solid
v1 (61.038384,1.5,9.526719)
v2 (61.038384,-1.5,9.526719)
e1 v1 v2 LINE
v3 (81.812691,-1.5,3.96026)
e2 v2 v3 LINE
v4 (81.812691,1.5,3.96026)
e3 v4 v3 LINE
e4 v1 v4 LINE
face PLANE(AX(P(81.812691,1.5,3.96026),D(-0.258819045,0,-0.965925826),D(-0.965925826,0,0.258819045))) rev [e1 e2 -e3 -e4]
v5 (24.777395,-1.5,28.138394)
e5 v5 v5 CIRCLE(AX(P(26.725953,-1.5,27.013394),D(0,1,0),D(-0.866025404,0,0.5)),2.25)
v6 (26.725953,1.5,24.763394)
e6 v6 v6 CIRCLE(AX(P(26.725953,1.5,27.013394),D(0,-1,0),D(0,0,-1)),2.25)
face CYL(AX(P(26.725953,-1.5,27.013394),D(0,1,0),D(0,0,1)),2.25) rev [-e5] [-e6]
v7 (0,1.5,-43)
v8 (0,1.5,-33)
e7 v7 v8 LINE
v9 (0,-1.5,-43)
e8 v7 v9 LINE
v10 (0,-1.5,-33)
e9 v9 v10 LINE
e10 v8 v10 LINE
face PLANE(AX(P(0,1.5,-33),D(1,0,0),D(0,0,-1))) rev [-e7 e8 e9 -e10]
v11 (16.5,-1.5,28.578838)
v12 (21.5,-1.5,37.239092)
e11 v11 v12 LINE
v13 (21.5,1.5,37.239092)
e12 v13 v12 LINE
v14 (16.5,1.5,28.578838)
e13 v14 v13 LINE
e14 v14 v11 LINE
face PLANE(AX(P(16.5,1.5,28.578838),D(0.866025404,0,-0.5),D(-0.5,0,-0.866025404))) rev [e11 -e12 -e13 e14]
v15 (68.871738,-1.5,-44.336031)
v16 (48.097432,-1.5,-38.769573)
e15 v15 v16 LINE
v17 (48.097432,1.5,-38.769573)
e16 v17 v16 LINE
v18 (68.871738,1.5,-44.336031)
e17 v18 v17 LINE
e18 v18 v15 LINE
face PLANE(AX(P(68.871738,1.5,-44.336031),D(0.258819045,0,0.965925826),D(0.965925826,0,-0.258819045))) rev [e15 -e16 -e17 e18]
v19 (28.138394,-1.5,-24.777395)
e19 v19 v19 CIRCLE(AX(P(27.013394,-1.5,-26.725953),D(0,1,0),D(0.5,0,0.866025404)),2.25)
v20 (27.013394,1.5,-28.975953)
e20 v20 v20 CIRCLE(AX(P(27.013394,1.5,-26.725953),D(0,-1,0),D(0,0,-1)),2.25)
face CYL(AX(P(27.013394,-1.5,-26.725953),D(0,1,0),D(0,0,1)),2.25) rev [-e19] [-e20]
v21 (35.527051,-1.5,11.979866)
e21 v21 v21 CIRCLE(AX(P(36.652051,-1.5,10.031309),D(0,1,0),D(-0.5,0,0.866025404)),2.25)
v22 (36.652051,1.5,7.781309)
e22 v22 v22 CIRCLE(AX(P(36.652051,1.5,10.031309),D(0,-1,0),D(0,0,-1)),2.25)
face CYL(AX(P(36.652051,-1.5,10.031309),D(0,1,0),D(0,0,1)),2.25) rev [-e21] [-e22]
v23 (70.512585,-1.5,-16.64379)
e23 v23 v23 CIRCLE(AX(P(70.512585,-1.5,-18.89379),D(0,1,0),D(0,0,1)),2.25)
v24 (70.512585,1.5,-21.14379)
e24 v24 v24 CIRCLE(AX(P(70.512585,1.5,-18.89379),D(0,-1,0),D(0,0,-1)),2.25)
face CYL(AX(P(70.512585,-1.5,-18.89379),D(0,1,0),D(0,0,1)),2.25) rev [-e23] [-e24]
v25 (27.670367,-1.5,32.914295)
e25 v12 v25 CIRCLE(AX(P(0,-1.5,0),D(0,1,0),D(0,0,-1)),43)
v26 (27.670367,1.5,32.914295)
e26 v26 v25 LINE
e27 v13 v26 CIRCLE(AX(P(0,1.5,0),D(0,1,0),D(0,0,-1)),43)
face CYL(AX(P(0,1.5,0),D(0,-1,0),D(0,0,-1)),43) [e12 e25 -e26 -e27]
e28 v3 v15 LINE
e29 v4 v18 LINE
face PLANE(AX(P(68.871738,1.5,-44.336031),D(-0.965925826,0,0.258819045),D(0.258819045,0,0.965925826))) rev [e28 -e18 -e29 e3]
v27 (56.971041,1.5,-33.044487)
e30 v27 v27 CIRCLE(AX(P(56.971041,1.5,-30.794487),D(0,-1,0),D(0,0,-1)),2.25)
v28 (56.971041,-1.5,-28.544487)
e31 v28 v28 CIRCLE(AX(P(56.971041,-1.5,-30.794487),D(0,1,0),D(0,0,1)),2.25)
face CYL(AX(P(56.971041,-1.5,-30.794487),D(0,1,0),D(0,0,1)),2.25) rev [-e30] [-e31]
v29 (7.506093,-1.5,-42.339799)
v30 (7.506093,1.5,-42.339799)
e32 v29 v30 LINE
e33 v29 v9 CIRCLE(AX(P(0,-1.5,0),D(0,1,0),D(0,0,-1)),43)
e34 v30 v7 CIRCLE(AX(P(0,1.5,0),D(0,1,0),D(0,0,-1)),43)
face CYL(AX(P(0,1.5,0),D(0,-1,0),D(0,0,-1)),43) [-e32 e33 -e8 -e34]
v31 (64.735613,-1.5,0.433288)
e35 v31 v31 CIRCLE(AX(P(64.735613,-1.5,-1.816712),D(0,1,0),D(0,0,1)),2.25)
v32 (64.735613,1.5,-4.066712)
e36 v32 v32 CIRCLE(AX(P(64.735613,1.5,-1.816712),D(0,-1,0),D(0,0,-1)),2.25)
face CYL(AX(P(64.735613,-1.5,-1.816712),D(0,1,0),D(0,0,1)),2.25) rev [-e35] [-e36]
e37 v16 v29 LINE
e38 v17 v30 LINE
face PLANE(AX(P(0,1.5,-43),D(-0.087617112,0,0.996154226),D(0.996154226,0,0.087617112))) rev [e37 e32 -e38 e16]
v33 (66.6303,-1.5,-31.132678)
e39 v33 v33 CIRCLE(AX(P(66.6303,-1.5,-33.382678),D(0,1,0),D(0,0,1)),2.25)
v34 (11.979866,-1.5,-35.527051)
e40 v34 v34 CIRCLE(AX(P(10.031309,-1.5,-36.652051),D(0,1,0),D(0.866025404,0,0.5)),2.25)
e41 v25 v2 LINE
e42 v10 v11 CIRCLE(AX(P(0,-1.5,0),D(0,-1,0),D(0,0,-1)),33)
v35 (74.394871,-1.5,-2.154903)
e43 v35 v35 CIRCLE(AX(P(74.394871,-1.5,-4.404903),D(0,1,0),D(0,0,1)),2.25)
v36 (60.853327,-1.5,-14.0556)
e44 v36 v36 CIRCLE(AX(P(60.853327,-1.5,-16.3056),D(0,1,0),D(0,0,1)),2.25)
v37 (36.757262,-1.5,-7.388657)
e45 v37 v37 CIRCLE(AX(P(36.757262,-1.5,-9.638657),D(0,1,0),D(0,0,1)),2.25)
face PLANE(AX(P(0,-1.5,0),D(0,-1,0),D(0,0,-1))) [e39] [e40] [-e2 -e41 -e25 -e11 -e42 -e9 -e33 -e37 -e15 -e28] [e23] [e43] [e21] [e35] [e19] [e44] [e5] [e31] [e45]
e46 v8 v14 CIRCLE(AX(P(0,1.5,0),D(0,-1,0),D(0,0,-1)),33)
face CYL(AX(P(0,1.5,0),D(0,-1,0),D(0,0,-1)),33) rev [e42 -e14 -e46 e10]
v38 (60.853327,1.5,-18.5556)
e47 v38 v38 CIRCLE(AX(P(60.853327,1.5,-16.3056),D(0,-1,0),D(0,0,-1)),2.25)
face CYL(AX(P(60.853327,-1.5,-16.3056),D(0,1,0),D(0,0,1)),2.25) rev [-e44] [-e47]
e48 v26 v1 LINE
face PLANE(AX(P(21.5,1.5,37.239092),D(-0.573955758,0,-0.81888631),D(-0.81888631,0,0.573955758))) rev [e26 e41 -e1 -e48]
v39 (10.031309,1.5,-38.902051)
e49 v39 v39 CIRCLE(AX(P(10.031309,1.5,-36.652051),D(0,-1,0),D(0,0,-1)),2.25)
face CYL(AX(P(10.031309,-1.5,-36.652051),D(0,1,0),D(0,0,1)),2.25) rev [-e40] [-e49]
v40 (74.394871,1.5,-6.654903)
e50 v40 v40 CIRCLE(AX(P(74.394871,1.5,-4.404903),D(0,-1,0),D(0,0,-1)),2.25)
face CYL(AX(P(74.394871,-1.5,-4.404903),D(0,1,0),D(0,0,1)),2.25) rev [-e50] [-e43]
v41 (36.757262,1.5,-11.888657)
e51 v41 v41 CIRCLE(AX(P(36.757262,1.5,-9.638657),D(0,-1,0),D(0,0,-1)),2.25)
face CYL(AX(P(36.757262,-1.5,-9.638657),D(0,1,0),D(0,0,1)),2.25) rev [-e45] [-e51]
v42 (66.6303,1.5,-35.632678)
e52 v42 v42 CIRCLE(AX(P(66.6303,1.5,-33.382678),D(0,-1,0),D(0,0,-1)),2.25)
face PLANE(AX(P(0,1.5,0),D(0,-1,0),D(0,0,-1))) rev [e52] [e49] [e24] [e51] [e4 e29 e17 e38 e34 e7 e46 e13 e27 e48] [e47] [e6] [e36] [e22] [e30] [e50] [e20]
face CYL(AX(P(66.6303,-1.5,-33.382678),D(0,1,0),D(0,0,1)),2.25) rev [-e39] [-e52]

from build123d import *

# Parameters (mm, degrees)
BOSS_EXTRUDE1_DEPTH             = 1.5
BOSS_EXTRUDE2_DEPTH             = 1.5
BOSS_EXTRUDE3_DEPTH             = 1.5
CUT_EXTRUDE1_START              = -4
SKETCH2_R                       = 2.25
CUT_EXTRUDE1_DEPTH              = 5
CIRPATTERN1_COUNT               = 3
CIRPATTERN1_ANGLE               = 60
CIRPATTERN1_THE_OTHER_WAY_COUNT = 3
CIRPATTERN1_THE_OTHER_WAY_ANGLE = 60
CUT_EXTRUDE2_START              = -4
SKETCH6_R                       = 2.25
CUT_EXTRUDE2_DEPTH              = 5
LPATTERN1_COUNT                 = 2
LPATTERN1_PITCH                 = 15
LPATTERN1_COUNT_DIR2            = 2
LPATTERN1_PITCH_DIR2            = 10
LPATTERN2_COUNT                 = 2
LPATTERN2_PITCH                 = 15
LPATTERN2_COUNT_DIR2            = 2
LPATTERN2_PITCH_DIR2            = 10


with BuildPart() as part:
    # Sketch1 → Boss-Extrude1 (new body, symmetric)
    with BuildSketch(Plane(origin=(0, 0, 0), x_dir=(1, 0, 0), z_dir=(0, 1, 0))):
        with BuildLine():
            Line((0, 33), (0, 43))
            ThreePointArc((0, 43), (41.53481053, 11.129218939), (21.5, -37.239092363))
            Line((21.5, -37.239092363), (16.5, -28.578838325))
            ThreePointArc((16.5, -28.578838325), (31.875552268, 8.541028488), (0, 33))
        make_face()
    extrude(amount=BOSS_EXTRUDE1_DEPTH, both=True)

    # Sketch4 → Boss-Extrude2 (add, symmetric)
    with BuildSketch(Plane(origin=(0, 0, 0), x_dir=(1, 0, 0), z_dir=(0, 1, 0))):
        Polygon((68.871738323, 44.336031175), (25.40507614, 32.689174146), (38.346028395, -15.607117169), (81.812690578, -3.960260139), align=None)
    extrude(amount=BOSS_EXTRUDE2_DEPTH, both=True)

    # Sketch5 → Boss-Extrude3 (add, symmetric)
    with BuildSketch(Plane(origin=(0, 0, 0), x_dir=(1, 0, 0), z_dir=(0, 1, 0))):
        Polygon((0, 43), (48.097432179, 38.769572621), (27.323126035, 33.203114066), align=None)
        Polygon((61.038384434, -9.526718694), (40.26407829, -15.093177248), (21.5, -37.239092363), align=None)
    extrude(amount=BOSS_EXTRUDE3_DEPTH, both=True)

    # Sketch2 → Cut-Extrude1 (cut)
    with BuildSketch(Plane(origin=(0, 1.5, 0), x_dir=(1, 0, 0), z_dir=(0, 1, 0)).offset(CUT_EXTRUDE1_START)):
        with Locations((36.757261811, 9.638656763)):
            Circle(SKETCH2_R)
    cut_extrude1 = extrude(amount=CUT_EXTRUDE1_DEPTH, mode=Mode.SUBTRACT)

    # CirPattern1: Cut-Extrude1 ×3 about axis
    cirpattern1_axis = Axis((0, 0, 0), (0, -1, 0))
    for i in range(1, CIRPATTERN1_COUNT):
        add(cut_extrude1.rotate(cirpattern1_axis, i * CIRPATTERN1_ANGLE / (CIRPATTERN1_COUNT - 1)), mode=Mode.SUBTRACT)

    # CirPattern1 the other way: Cut-Extrude1 ×3 about axis
    cirpattern1_the_other_way_axis = Axis((0, 0, 0), (0, 1, 0))
    for i in range(1, CIRPATTERN1_THE_OTHER_WAY_COUNT):
        add(cut_extrude1.rotate(cirpattern1_the_other_way_axis, i * CIRPATTERN1_THE_OTHER_WAY_ANGLE / (CIRPATTERN1_THE_OTHER_WAY_COUNT - 1)), mode=Mode.SUBTRACT)

    # Sketch6 → Cut-Extrude2 (cut)
    with BuildSketch(Plane(origin=(0, 1.5, 0), x_dir=(1, 0, 0), z_dir=(0, 1, 0)).offset(CUT_EXTRUDE2_START)):
        with Locations((70.512585319, 18.893790292)):
            Circle(SKETCH6_R)
    cut_extrude2 = extrude(amount=CUT_EXTRUDE2_DEPTH, mode=Mode.SUBTRACT)

    # LPattern1: Cut-Extrude2 2 × 2
    with Locations(*[Vector(-0.258819045, 0, -0.965925826) * (i * LPATTERN1_PITCH) + Vector(-0.965925826, 0, 0.258819045) * (j * LPATTERN1_PITCH_DIR2) for i in range(LPATTERN1_COUNT) for j in range(LPATTERN1_COUNT_DIR2) if (i, j) != (0, 0)]):
        add(cut_extrude2, mode=Mode.SUBTRACT)

    # LPattern2: Cut-Extrude2 2 × 2
    with Locations(*[Vector(0.258819045, 0, 0.965925826) * (i * LPATTERN2_PITCH) + Vector(-0.965925826, 0, 0.258819045) * (j * LPATTERN2_PITCH_DIR2) for i in range(LPATTERN2_COUNT) for j in range(LPATTERN2_COUNT_DIR2) if (i, j) != (0, 0)]):
        add(cut_extrude2, mode=Mode.SUBTRACT)


solid = part.part
